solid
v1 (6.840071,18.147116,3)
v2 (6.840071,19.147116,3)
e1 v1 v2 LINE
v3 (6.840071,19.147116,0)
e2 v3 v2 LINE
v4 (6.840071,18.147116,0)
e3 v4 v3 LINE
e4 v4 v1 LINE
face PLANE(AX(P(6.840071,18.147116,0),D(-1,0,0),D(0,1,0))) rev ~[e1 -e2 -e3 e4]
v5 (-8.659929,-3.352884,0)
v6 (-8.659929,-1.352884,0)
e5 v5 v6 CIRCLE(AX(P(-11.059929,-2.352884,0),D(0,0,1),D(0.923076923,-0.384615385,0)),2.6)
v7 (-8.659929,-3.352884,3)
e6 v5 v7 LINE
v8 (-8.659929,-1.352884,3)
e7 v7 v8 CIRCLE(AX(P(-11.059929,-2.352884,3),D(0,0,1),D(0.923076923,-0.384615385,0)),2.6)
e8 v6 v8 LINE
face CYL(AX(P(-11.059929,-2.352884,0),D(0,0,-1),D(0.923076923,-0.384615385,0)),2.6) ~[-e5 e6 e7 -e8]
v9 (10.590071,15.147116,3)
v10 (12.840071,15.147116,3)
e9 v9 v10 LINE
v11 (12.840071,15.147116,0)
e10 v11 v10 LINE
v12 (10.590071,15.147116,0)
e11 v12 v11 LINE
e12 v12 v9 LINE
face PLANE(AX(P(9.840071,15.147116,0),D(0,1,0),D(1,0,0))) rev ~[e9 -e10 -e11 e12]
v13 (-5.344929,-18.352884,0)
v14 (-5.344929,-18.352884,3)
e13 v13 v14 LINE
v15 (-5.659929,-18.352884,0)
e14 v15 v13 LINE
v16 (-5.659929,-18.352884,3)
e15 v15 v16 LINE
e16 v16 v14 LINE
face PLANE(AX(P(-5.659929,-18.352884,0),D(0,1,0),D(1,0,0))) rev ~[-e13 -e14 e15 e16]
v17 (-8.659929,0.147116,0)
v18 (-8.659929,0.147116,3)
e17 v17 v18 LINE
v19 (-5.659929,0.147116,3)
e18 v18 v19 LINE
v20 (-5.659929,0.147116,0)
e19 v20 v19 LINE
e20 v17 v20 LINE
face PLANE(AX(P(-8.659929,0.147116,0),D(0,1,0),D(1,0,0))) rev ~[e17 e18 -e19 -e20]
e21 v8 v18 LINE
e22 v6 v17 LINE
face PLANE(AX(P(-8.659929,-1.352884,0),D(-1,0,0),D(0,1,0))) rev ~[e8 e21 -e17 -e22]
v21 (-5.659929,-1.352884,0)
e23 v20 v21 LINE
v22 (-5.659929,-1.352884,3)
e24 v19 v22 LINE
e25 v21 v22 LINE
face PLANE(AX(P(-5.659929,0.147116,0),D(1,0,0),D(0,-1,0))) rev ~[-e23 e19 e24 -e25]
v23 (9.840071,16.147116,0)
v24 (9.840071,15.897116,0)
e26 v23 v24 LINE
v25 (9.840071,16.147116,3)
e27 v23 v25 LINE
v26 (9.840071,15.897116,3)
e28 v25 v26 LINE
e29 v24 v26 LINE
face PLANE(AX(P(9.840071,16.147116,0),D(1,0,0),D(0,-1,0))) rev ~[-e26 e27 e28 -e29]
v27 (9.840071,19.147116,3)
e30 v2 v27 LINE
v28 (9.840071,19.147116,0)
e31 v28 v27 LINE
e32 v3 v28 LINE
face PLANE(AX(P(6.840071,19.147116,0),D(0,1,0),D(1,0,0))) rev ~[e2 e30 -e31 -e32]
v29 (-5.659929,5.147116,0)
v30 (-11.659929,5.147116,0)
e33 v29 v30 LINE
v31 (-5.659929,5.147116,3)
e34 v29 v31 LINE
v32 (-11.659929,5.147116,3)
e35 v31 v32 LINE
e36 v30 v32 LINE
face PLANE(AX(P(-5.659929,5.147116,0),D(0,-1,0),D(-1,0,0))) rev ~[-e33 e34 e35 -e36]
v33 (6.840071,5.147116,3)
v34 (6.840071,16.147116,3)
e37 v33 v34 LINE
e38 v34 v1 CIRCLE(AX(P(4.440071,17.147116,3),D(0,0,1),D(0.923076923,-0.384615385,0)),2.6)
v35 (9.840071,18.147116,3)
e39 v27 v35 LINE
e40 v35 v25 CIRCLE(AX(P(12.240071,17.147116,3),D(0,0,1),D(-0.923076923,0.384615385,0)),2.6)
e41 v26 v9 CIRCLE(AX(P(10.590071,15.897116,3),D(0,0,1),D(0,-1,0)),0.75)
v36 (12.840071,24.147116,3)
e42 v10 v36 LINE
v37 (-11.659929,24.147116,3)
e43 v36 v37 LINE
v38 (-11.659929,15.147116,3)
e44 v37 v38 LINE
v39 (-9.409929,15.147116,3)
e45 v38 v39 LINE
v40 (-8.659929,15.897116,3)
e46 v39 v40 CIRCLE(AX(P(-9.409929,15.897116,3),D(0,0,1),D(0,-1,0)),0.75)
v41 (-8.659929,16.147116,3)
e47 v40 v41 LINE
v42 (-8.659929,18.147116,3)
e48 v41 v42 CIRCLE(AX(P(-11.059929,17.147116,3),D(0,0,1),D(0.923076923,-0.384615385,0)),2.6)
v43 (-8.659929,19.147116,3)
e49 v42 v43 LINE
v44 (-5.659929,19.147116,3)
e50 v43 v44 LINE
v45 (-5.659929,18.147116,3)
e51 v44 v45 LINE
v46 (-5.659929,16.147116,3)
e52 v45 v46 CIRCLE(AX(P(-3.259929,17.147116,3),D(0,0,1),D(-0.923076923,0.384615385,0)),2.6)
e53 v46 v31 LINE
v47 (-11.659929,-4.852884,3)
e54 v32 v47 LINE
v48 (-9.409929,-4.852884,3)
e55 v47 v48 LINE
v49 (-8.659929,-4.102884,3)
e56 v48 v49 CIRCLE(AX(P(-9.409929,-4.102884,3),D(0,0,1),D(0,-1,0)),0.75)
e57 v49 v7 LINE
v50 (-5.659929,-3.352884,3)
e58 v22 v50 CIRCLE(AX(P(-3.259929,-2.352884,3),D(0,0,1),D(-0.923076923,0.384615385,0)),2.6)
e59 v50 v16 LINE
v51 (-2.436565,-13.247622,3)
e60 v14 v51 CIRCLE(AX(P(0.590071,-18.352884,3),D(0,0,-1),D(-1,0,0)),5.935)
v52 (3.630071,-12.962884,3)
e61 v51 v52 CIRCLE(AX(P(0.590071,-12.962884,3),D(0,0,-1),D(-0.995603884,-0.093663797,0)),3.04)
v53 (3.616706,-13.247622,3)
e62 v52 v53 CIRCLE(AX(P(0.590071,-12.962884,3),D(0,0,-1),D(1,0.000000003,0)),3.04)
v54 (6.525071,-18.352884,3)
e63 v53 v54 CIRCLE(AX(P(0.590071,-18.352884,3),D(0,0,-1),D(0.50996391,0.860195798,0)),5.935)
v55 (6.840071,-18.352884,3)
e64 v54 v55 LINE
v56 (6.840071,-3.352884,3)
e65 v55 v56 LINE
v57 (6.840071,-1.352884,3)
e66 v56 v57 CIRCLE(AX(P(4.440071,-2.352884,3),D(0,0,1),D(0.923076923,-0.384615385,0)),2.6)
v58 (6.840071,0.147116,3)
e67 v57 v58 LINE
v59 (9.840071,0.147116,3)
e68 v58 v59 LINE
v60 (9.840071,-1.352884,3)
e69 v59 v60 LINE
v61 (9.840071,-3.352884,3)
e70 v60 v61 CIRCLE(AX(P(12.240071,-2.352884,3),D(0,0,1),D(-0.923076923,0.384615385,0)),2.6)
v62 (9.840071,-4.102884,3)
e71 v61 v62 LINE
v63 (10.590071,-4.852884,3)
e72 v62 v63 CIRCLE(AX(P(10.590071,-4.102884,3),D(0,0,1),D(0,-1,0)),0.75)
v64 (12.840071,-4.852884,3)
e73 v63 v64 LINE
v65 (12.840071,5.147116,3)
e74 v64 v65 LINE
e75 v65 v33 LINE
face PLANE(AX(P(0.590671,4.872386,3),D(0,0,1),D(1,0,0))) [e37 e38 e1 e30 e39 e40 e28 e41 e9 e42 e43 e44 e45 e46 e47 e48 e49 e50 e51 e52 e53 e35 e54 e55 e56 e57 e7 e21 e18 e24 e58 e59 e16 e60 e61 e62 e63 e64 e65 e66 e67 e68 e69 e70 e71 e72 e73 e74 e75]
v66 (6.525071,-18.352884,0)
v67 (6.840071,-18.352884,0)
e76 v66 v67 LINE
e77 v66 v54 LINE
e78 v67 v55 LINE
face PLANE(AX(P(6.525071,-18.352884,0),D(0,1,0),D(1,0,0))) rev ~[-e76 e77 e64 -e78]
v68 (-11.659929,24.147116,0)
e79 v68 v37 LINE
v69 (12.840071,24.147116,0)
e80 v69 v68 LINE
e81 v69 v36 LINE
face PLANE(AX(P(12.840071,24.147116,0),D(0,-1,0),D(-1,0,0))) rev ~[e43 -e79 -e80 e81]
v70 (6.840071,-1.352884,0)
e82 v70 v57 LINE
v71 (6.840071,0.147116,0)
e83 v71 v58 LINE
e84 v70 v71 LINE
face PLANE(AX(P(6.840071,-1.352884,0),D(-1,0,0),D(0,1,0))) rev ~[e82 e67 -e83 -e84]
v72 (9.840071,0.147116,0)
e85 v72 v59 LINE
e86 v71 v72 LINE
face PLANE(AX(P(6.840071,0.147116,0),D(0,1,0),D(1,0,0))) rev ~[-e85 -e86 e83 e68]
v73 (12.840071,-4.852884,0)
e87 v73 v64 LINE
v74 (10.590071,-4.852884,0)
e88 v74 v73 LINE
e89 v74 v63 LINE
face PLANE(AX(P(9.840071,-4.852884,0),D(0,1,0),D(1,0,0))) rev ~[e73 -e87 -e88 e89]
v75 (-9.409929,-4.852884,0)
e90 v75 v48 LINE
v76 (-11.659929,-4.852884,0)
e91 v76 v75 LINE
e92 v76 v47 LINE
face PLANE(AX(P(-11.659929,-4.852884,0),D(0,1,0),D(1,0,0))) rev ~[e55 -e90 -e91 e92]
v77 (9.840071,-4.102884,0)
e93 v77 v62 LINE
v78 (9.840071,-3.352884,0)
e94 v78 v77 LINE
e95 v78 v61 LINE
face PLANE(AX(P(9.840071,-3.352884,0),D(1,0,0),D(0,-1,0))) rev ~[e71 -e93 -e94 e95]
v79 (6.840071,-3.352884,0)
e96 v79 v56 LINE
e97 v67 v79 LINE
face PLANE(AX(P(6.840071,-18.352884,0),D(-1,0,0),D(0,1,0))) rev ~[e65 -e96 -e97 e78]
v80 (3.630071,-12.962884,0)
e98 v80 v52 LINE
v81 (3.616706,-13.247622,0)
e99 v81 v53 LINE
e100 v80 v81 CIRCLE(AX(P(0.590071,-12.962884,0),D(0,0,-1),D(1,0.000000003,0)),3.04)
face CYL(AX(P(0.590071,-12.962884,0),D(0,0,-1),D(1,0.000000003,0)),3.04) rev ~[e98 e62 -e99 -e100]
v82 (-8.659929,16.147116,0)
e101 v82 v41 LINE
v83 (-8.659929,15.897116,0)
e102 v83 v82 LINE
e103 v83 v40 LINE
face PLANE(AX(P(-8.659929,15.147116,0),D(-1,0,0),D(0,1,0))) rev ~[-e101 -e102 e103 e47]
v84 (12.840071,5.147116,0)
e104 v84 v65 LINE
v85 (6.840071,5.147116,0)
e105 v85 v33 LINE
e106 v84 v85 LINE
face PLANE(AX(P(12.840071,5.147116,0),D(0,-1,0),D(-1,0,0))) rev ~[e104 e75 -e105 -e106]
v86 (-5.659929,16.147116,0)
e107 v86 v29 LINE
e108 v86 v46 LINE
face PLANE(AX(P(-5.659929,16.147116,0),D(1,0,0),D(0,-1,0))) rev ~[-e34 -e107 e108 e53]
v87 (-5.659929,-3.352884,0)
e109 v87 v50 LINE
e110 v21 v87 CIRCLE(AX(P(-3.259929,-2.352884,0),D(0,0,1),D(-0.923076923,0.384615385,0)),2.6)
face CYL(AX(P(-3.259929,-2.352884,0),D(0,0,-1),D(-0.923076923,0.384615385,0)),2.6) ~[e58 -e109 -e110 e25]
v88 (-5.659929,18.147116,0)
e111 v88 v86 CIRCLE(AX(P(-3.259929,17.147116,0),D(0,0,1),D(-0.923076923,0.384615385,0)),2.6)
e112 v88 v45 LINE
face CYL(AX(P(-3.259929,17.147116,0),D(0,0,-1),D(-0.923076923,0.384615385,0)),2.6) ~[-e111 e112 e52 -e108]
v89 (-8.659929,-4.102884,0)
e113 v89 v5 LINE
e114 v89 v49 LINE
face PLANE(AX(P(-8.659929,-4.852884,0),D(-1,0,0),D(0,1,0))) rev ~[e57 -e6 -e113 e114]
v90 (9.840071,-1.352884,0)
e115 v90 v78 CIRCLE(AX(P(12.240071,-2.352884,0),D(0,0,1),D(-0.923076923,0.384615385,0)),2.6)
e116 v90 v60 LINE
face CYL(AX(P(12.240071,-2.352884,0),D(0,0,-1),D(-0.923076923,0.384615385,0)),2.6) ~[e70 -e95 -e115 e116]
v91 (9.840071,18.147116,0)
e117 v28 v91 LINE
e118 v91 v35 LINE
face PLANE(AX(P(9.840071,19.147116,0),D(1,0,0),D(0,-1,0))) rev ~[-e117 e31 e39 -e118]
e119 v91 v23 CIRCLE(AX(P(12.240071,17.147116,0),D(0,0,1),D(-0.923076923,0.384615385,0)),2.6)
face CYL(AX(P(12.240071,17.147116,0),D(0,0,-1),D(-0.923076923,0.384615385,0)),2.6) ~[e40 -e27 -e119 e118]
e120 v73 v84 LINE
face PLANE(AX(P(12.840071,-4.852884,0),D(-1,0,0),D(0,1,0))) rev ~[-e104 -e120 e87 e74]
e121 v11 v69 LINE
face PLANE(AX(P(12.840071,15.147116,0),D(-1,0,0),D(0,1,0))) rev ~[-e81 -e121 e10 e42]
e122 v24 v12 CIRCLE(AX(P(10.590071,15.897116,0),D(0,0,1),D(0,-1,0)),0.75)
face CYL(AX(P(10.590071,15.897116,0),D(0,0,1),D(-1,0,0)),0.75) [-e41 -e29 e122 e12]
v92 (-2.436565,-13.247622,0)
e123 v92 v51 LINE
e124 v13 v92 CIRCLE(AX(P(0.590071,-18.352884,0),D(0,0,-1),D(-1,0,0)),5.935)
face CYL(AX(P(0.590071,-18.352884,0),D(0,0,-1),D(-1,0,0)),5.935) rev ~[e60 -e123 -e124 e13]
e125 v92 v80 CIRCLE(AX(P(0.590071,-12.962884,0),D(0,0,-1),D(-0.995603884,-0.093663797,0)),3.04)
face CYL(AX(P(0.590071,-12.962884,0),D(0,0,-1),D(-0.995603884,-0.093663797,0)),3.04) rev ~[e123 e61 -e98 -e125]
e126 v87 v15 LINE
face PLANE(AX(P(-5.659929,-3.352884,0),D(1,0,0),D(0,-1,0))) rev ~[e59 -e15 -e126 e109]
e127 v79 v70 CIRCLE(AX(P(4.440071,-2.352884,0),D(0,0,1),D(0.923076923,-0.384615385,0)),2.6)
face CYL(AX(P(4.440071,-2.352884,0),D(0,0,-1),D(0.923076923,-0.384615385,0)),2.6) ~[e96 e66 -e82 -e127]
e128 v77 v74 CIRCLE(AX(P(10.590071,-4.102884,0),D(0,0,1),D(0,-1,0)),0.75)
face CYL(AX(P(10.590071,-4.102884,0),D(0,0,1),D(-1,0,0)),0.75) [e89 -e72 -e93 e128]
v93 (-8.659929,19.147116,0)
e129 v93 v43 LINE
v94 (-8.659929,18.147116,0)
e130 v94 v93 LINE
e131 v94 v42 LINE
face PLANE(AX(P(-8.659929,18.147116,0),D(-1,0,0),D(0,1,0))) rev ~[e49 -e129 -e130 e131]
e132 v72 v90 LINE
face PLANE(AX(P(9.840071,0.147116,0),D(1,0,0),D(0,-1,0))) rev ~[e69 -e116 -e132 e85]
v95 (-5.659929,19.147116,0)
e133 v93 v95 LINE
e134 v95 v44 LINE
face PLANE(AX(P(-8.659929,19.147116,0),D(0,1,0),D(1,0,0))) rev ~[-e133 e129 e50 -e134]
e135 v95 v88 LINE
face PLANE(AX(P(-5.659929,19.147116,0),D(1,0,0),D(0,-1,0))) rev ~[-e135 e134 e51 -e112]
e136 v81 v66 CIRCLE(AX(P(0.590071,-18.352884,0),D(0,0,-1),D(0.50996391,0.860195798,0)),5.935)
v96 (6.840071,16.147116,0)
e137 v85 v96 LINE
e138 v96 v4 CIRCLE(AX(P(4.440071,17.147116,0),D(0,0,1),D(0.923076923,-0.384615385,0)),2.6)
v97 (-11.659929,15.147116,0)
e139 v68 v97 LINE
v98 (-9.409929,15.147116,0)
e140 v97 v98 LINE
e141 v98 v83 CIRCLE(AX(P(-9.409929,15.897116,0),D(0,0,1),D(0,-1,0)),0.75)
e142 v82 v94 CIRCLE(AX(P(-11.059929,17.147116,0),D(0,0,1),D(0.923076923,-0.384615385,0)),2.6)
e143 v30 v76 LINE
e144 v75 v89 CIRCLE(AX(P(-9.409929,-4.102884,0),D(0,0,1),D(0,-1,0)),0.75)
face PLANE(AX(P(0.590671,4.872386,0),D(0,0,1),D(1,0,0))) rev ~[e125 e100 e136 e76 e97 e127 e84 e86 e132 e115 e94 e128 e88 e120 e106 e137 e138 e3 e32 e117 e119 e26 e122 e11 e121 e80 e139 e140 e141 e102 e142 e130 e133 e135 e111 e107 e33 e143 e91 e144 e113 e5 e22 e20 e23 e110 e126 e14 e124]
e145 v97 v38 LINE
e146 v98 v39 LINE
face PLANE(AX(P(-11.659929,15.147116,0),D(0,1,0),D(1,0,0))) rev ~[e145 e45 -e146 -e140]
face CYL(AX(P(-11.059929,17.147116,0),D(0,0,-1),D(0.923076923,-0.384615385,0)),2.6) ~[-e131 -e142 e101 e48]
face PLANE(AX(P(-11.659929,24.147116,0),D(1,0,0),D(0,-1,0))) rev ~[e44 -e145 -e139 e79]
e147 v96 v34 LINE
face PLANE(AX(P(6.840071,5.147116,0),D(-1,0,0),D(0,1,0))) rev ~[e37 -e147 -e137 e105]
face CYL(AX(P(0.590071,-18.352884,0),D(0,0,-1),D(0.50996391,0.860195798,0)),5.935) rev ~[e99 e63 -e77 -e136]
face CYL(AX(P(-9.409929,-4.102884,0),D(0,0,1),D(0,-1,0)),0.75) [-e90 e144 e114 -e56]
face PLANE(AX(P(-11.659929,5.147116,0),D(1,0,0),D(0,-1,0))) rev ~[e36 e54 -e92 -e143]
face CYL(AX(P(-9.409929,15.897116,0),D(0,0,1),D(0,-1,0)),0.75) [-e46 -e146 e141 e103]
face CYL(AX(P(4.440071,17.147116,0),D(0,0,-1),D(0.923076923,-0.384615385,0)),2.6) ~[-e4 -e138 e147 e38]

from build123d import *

# Parameters (mm, degrees)
BOSS_EXTRUDE1_DEPTH = 3
FILLET1_R           = 0.75


with BuildPart() as part:
    # Sketch1 → Boss-Extrude1 (new body)
    with BuildSketch(Plane.XY):
        with BuildLine():
            Line((12.840070534, 24.147116385), (-11.659929466, 24.147116385))
            Line((-11.659929466, 24.147116385), (-11.659929466, 15.147116385))
            Line((-11.659929466, 15.147116385), (-8.659929466, 15.147116385))
            Line((-8.659929466, 15.147116385), (-8.659929466, 16.147116385))
            ThreePointArc((-8.659929466, 16.147116385), (-8.459929466, 17.147116385), (-8.659929466, 18.147116385))
            Line((-8.659929466, 18.147116385), (-8.659929466, 19.147116385))
            Line((-8.659929466, 19.147116385), (-5.659929466, 19.147116385))
            Line((-5.659929466, 19.147116385), (-5.659929466, 18.147116385))
            ThreePointArc((-5.659929466, 18.147116385), (-5.859929466, 17.147116385), (-5.659929466, 16.147116385))
            Line((-5.659929466, 16.147116385), (-5.659929466, 5.147116385))
            Line((-5.659929466, 5.147116385), (-11.659929466, 5.147116385))
            Line((-11.659929466, 5.147116385), (-11.659929466, -4.852883615))
            Line((-11.659929466, -4.852883615), (-8.659929466, -4.852883615))
            Line((-8.659929466, -4.852883615), (-8.659929466, -3.352883615))
            ThreePointArc((-8.659929466, -3.352883615), (-8.459929466, -2.352883615), (-8.659929466, -1.352883615))
            Line((-8.659929466, -1.352883615), (-8.659929466, 0.147116385))
            Line((-8.659929466, 0.147116385), (-5.659929466, 0.147116385))
            Line((-5.659929466, 0.147116385), (-5.659929466, -1.352883615))
            ThreePointArc((-5.659929466, -1.352883615), (-5.859929466, -2.352883615), (-5.659929466, -3.352883615))
            Line((-5.659929466, -3.352883615), (-5.659929466, -18.352883615))
            Line((-5.659929466, -18.352883615), (-5.344929466, -18.352883615))
            ThreePointArc((-5.344929466, -18.352883615), (-4.566833019, -15.415100311), (-2.436565272, -13.247621556))
            ThreePointArc((-2.436565272, -13.247621556), (0.447544838, -9.926226501), (3.630070534, -12.962883615))
            ThreePointArc((3.630070534, -12.962883615), (3.626727648, -13.105409311), (3.616706341, -13.247621556))
            ThreePointArc((3.616706341, -13.247621556), (5.746974087, -15.415100311), (6.525070534, -18.352883615))
            Line((6.525070534, -18.352883615), (6.840070534, -18.352883615))
            Line((6.840070534, -18.352883615), (6.840070534, -3.352883615))
            ThreePointArc((6.840070534, -3.352883615), (7.040070534, -2.352883615), (6.840070534, -1.352883615))
            Line((6.840070534, -1.352883615), (6.840070534, 0.147116385))
            Line((6.840070534, 0.147116385), (9.840070534, 0.147116385))
            Line((9.840070534, 0.147116385), (9.840070534, -1.352883615))
            ThreePointArc((9.840070534, -1.352883615), (9.640070534, -2.352883615), (9.840070534, -3.352883615))
            Line((9.840070534, -3.352883615), (9.840070534, -4.852883615))
            Line((9.840070534, -4.852883615), (12.840070534, -4.852883615))
            Line((12.840070534, -4.852883615), (12.840070534, 5.147116385))
            Line((12.840070534, 5.147116385), (6.840070534, 5.147116385))
            Line((6.840070534, 5.147116385), (6.840070534, 16.147116385))
            ThreePointArc((6.840070534, 16.147116385), (7.040070534, 17.147116385), (6.840070534, 18.147116385))
            Line((6.840070534, 18.147116385), (6.840070534, 19.147116385))
            Line((6.840070534, 19.147116385), (9.840070534, 19.147116385))
            Line((9.840070534, 19.147116385), (9.840070534, 18.147116385))
            ThreePointArc((9.840070534, 18.147116385), (9.640070534, 17.147116385), (9.840070534, 16.147116385))
            Line((9.840070534, 16.147116385), (9.840070534, 15.147116385))
            Line((9.840070534, 15.147116385), (12.840070534, 15.147116385))
            Line((12.840070534, 15.147116385), (12.840070534, 24.147116385))
        make_face()
    extrude(amount=BOSS_EXTRUDE1_DEPTH)

    # Fillet1
    fillet1_edges = [part.edges().sort_by_distance(p)[0] for p in [
        (-8.659929466, 15.147116385, 1.5),
        (9.840070534, 15.147116385, 1.5),
        (9.840070534, -4.852883615, 1.5),
        (-8.659929466, -4.852883615, 1.5),
    ]]
    fillet(fillet1_edges, radius=FILLET1_R)


solid = part.part
